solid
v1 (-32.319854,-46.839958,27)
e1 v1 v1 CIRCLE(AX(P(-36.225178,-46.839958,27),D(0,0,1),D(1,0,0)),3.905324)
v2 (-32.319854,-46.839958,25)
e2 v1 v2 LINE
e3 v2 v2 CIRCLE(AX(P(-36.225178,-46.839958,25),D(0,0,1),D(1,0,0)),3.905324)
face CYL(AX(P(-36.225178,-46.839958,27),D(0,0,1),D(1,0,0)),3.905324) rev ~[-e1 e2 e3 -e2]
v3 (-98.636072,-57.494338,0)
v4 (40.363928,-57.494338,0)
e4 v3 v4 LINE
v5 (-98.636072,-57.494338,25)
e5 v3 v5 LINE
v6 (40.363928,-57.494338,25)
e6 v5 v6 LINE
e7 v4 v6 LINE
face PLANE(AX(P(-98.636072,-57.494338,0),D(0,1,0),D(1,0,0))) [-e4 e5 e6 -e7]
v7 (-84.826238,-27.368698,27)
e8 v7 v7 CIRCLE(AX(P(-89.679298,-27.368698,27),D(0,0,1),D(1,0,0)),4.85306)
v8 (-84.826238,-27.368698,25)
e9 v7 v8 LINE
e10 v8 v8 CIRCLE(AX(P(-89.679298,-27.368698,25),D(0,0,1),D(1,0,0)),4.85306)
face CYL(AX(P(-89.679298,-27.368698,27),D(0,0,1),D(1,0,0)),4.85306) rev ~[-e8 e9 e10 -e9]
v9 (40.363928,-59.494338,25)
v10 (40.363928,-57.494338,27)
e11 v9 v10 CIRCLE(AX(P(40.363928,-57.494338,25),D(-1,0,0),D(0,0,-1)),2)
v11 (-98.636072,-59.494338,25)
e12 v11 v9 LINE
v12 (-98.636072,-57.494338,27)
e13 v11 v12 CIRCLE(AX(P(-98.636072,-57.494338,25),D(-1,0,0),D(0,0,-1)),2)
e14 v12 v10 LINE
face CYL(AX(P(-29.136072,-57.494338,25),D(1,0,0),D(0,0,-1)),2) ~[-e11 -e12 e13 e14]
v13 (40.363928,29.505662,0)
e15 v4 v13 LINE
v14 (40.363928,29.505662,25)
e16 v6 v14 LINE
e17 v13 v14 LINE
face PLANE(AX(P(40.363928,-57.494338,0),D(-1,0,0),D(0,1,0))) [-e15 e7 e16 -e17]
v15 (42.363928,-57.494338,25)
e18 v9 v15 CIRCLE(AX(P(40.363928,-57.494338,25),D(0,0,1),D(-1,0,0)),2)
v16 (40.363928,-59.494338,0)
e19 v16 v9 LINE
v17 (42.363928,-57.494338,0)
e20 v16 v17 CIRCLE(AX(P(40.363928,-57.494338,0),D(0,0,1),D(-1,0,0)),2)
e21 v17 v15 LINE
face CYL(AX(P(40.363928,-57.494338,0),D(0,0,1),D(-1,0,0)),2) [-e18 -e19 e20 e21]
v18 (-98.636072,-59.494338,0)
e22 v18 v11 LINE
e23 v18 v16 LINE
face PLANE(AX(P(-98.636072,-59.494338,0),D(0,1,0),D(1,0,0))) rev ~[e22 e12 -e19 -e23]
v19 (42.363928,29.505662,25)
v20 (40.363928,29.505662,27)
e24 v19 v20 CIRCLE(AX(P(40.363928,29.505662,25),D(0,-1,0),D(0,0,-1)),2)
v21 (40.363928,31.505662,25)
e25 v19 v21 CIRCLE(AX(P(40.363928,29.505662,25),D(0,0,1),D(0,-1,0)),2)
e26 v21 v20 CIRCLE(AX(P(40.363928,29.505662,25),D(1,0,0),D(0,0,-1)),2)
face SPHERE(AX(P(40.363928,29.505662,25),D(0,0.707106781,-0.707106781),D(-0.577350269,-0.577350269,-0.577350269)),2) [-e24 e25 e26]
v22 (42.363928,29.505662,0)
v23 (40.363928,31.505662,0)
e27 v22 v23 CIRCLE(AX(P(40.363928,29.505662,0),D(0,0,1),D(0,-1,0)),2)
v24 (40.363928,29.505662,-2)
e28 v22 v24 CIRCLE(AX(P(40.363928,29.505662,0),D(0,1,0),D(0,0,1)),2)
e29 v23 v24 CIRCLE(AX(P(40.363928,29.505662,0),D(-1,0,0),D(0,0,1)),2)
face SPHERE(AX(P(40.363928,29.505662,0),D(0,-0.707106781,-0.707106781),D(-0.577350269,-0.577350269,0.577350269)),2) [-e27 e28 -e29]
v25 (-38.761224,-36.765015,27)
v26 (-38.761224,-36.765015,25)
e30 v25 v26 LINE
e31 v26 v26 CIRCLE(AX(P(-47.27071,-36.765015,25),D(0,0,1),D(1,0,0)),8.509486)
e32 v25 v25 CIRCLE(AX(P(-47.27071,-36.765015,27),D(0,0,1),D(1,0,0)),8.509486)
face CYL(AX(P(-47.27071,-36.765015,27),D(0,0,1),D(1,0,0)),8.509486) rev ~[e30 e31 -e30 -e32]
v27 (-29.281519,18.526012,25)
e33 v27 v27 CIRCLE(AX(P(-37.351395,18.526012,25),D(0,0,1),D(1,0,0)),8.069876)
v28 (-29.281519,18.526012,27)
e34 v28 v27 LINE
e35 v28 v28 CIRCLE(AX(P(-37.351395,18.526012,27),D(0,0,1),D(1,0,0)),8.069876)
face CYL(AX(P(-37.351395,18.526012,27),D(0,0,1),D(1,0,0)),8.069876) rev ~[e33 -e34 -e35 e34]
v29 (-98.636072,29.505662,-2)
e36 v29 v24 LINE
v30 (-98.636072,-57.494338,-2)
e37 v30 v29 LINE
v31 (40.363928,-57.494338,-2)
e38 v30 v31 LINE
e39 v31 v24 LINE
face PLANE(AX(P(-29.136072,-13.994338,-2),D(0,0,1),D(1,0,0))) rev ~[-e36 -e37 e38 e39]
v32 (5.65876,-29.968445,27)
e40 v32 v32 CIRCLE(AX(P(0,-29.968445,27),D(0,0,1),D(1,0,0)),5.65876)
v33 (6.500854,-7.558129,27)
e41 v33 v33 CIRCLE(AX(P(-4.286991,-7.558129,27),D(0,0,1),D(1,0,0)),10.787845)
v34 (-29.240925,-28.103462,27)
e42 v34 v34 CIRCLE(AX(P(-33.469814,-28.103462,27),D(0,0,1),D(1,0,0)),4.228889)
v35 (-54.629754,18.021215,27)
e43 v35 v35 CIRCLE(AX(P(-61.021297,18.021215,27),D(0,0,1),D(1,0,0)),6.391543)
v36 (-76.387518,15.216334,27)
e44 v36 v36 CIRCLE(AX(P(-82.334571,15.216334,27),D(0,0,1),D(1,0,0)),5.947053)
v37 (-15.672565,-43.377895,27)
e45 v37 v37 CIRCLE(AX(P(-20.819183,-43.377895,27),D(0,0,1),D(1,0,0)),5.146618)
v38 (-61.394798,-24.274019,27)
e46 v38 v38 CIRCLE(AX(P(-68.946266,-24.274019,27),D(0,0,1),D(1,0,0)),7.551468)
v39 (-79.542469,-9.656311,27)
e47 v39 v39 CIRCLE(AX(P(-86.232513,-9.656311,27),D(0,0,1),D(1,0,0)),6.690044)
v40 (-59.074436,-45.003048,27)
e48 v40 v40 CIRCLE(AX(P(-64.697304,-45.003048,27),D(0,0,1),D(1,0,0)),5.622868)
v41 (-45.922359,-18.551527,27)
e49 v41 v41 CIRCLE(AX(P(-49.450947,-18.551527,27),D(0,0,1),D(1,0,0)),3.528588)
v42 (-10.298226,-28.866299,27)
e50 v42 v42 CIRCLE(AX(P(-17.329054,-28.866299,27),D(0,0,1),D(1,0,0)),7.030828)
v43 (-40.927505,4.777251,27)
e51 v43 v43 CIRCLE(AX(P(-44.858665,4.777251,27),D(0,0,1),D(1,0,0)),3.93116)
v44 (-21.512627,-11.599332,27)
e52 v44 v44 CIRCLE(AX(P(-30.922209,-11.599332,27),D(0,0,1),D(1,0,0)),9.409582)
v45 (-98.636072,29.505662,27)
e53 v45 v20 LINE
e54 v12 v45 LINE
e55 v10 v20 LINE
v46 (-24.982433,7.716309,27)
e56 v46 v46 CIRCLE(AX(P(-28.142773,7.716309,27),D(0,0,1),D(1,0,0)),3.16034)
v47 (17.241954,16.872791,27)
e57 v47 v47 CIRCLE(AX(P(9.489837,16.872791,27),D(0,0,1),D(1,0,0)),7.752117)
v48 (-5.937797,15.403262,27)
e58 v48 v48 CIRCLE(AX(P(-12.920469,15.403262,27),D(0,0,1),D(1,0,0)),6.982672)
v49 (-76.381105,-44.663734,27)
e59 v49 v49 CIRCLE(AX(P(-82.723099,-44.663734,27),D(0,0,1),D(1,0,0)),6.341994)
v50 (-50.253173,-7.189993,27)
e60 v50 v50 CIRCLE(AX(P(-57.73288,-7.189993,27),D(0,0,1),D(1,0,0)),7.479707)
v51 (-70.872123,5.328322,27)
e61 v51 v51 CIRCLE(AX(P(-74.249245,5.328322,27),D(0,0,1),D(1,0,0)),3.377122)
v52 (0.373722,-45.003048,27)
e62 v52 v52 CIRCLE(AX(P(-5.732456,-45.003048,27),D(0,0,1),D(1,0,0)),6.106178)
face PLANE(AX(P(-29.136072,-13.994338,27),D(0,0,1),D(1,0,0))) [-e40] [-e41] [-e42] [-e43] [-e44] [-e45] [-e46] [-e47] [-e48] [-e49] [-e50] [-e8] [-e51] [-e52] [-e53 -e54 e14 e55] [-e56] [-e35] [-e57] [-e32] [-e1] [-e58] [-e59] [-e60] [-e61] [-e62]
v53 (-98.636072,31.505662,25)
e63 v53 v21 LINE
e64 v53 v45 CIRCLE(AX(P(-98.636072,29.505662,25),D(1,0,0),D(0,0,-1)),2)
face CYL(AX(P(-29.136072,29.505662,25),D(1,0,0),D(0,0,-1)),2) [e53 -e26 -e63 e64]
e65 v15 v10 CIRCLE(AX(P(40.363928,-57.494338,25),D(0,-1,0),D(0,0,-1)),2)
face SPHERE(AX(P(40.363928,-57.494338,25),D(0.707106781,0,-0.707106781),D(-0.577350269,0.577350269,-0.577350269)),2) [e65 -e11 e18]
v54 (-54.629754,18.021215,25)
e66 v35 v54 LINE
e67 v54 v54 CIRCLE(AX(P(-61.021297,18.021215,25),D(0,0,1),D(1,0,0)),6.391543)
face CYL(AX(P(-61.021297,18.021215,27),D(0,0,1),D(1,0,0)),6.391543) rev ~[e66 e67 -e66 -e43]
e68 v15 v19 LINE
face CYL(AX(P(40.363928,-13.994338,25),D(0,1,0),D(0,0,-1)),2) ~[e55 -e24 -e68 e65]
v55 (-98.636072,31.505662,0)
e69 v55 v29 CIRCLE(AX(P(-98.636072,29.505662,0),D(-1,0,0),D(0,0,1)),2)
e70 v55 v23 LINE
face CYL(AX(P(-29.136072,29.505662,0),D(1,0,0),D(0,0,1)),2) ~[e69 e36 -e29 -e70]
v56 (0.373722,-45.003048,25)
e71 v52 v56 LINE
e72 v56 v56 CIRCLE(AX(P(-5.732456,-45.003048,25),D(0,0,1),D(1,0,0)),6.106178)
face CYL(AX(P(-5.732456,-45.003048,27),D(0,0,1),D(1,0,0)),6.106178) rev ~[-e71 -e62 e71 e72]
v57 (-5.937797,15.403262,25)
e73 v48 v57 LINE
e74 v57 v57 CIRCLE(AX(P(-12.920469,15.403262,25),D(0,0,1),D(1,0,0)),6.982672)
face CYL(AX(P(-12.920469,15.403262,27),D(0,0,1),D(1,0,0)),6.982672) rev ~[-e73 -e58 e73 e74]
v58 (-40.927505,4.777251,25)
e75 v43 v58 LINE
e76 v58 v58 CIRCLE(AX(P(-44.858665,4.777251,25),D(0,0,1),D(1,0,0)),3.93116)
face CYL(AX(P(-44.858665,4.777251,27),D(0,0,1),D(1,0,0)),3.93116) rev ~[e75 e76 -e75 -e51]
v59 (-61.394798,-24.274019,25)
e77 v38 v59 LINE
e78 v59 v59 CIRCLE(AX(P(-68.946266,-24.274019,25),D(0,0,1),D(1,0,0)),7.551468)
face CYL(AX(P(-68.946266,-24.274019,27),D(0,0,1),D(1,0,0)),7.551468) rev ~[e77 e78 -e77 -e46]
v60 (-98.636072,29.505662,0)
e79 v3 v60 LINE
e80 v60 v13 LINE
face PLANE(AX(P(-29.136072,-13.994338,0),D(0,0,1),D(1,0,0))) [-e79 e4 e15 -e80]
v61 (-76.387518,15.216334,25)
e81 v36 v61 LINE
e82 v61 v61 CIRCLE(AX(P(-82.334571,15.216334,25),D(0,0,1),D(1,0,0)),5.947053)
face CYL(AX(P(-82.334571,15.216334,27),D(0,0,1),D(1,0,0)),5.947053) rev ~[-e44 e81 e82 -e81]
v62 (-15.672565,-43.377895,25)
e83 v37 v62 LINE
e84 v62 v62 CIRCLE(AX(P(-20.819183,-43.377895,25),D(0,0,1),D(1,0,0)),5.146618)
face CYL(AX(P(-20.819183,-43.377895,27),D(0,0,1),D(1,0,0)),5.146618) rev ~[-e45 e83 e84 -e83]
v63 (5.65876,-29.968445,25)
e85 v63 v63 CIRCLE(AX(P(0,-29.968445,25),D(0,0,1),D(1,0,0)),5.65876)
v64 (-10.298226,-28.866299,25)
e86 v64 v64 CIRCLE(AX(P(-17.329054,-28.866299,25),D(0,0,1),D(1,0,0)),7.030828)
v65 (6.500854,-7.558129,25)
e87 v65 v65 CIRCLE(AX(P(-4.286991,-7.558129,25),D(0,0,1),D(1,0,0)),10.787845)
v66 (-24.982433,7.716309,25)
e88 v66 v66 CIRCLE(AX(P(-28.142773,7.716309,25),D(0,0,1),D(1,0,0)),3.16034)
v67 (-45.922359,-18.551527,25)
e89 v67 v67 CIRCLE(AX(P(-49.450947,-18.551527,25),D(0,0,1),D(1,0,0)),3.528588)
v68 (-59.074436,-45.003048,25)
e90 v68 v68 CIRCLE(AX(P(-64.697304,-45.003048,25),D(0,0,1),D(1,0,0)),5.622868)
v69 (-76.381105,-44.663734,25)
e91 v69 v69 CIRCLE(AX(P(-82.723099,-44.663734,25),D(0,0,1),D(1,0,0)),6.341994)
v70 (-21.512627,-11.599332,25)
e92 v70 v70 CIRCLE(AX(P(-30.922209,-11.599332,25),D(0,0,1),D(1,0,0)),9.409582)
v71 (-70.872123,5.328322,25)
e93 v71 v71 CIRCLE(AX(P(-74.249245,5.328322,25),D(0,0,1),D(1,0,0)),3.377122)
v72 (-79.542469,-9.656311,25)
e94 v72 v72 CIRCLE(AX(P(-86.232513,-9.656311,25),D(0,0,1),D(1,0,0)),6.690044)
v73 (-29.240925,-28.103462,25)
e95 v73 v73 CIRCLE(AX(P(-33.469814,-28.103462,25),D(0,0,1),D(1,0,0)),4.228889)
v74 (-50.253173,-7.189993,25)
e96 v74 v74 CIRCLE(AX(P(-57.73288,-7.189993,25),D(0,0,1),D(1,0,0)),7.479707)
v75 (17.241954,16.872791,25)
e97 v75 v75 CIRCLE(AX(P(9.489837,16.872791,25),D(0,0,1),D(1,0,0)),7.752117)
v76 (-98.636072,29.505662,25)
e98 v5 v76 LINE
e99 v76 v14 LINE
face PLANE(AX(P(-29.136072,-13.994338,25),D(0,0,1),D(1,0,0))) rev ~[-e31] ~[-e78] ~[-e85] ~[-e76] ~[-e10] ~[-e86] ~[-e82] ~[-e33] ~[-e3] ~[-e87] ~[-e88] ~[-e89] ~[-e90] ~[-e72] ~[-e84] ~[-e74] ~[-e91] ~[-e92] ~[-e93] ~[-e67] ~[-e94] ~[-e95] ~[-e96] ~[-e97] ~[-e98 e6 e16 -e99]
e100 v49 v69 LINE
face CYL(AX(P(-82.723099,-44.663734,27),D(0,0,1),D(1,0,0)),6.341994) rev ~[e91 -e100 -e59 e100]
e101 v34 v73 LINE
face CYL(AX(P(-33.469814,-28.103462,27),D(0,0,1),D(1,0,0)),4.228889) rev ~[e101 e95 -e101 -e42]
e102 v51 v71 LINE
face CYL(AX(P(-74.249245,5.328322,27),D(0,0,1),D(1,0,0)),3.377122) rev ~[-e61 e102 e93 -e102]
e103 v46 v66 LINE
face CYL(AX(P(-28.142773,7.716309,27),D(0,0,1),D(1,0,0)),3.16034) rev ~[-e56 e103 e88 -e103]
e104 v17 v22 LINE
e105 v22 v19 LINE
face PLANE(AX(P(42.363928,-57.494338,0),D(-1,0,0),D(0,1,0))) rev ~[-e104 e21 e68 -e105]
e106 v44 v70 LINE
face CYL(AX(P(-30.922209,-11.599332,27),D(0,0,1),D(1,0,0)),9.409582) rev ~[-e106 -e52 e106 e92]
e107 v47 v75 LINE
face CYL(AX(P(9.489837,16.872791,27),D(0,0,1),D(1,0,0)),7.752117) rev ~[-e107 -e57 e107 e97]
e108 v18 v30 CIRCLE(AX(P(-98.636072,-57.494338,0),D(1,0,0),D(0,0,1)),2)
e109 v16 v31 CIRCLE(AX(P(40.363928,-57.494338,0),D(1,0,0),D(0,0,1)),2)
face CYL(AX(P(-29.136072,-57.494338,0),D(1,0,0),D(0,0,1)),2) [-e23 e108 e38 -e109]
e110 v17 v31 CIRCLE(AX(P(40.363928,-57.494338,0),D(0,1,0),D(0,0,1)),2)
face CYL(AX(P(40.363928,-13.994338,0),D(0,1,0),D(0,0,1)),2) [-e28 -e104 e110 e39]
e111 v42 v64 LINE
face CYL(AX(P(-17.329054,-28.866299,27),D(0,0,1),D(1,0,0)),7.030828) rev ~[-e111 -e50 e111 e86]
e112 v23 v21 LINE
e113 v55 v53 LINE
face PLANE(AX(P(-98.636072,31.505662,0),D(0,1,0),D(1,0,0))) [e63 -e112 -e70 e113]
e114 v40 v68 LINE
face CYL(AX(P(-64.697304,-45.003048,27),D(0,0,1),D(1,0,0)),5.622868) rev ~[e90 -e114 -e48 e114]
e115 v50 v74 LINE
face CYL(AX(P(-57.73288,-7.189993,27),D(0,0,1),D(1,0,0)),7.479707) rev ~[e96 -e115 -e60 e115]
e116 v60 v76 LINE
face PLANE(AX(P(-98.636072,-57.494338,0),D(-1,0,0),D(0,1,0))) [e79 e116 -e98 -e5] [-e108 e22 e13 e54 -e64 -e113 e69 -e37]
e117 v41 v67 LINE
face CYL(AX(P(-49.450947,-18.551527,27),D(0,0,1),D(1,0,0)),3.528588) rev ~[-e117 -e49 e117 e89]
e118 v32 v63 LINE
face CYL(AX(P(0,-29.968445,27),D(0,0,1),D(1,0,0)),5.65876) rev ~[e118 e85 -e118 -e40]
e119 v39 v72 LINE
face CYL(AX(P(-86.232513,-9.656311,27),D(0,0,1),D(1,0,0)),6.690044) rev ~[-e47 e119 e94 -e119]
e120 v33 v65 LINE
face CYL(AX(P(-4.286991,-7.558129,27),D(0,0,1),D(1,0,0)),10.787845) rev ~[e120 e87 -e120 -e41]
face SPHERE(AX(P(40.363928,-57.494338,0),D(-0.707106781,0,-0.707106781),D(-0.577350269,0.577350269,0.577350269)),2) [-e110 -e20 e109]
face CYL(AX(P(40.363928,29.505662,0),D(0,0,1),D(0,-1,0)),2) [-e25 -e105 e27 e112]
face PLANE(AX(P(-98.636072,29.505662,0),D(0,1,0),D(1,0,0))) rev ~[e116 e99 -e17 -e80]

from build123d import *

# Parameters (mm, degrees)
SKETCH001_W    = 139
SKETCH001_H    = 87
PAD_DEPTH      = 25
THICKNESS_T    = 2
SKETCH002_R    = 5.947053
SKETCH002_R_2  = 6.391543
SKETCH002_R_3  = 7.479707
SKETCH002_R_4  = 6.690044
SKETCH002_R_5  = 7.551468
SKETCH002_R_6  = 6.341994
SKETCH002_R_7  = 8.509486
SKETCH002_R_8  = 9.409582
SKETCH002_R_9  = 8.069876
SKETCH002_R_10 = 7.030828
SKETCH002_R_11 = 5.146618
SKETCH002_R_12 = 6.982672
SKETCH002_R_13 = 7.752117
SKETCH002_R_14 = 10.787845
SKETCH002_R_15 = 5.65876
SKETCH002_R_16 = 3.93116
SKETCH002_R_17 = 3.377122
SKETCH002_R_18 = 5.622868
SKETCH002_R_19 = 3.905324
SKETCH002_R_20 = 4.228889
SKETCH002_R_21 = 3.528588
SKETCH002_R_22 = 3.16034
SKETCH002_R_23 = 6.106178
SKETCH002_R_24 = 4.85306
POCKET_DEPTH   = 5


with BuildPart() as part:
    # Sketch001 → Pad (new body)
    with BuildSketch(Plane.XY):
        with Locations((-29.136072, -13.994338)):
            Rectangle(SKETCH001_W, SKETCH001_H)
    extrude(amount=PAD_DEPTH)

    # Thickness
    thickness_openings = [part.faces().sort_by_distance(p)[0] for p in [
        (-98.636072, -13.994338, 12.5),
    ]]
    offset(amount=THICKNESS_T, openings=thickness_openings)

    # Sketch002 (on Face14 of Thickness) → Pocket (cut)
    with BuildSketch(Plane.XY.offset(27)):
        with Locations((-82.334571, 15.216334)):
            Circle(SKETCH002_R)
        with Locations((-61.021297, 18.021215)):
            Circle(SKETCH002_R_2)
        with Locations((-57.73288, -7.189993)):
            Circle(SKETCH002_R_3)
        with Locations((-86.232513, -9.656311)):
            Circle(SKETCH002_R_4)
        with Locations((-68.946266, -24.274019)):
            Circle(SKETCH002_R_5)
        with Locations((-82.723099, -44.663734)):
            Circle(SKETCH002_R_6)
        with Locations((-47.27071, -36.765015)):
            Circle(SKETCH002_R_7)
        with Locations((-30.922209, -11.599332)):
            Circle(SKETCH002_R_8)
        with Locations((-37.351395, 18.526012)):
            Circle(SKETCH002_R_9)
        with Locations((-17.329054, -28.866299)):
            Circle(SKETCH002_R_10)
        with Locations((-20.819183, -43.377895)):
            Circle(SKETCH002_R_11)
        with Locations((-12.920469, 15.403262)):
            Circle(SKETCH002_R_12)
        with Locations((9.489837, 16.872791)):
            Circle(SKETCH002_R_13)
        with Locations((-4.286991, -7.558129)):
            Circle(SKETCH002_R_14)
        with Locations((0, -29.968445)):
            Circle(SKETCH002_R_15)
        with Locations((-44.858665, 4.777251)):
            Circle(SKETCH002_R_16)
        with Locations((-74.249245, 5.328322)):
            Circle(SKETCH002_R_17)
        with Locations((-64.697304, -45.003048)):
            Circle(SKETCH002_R_18)
        with Locations((-36.225178, -46.839958)):
            Circle(SKETCH002_R_19)
        with Locations((-33.469814, -28.103462)):
            Circle(SKETCH002_R_20)
        with Locations((-49.450947, -18.551527)):
            Circle(SKETCH002_R_21)
        with Locations((-28.142773, 7.716309)):
            Circle(SKETCH002_R_22)
        with Locations((-5.732456, -45.003048)):
            Circle(SKETCH002_R_23)
        with Locations((-89.679298, -27.368698)):
            Circle(SKETCH002_R_24)
    extrude(amount=-POCKET_DEPTH, mode=Mode.SUBTRACT)


solid = part.part
